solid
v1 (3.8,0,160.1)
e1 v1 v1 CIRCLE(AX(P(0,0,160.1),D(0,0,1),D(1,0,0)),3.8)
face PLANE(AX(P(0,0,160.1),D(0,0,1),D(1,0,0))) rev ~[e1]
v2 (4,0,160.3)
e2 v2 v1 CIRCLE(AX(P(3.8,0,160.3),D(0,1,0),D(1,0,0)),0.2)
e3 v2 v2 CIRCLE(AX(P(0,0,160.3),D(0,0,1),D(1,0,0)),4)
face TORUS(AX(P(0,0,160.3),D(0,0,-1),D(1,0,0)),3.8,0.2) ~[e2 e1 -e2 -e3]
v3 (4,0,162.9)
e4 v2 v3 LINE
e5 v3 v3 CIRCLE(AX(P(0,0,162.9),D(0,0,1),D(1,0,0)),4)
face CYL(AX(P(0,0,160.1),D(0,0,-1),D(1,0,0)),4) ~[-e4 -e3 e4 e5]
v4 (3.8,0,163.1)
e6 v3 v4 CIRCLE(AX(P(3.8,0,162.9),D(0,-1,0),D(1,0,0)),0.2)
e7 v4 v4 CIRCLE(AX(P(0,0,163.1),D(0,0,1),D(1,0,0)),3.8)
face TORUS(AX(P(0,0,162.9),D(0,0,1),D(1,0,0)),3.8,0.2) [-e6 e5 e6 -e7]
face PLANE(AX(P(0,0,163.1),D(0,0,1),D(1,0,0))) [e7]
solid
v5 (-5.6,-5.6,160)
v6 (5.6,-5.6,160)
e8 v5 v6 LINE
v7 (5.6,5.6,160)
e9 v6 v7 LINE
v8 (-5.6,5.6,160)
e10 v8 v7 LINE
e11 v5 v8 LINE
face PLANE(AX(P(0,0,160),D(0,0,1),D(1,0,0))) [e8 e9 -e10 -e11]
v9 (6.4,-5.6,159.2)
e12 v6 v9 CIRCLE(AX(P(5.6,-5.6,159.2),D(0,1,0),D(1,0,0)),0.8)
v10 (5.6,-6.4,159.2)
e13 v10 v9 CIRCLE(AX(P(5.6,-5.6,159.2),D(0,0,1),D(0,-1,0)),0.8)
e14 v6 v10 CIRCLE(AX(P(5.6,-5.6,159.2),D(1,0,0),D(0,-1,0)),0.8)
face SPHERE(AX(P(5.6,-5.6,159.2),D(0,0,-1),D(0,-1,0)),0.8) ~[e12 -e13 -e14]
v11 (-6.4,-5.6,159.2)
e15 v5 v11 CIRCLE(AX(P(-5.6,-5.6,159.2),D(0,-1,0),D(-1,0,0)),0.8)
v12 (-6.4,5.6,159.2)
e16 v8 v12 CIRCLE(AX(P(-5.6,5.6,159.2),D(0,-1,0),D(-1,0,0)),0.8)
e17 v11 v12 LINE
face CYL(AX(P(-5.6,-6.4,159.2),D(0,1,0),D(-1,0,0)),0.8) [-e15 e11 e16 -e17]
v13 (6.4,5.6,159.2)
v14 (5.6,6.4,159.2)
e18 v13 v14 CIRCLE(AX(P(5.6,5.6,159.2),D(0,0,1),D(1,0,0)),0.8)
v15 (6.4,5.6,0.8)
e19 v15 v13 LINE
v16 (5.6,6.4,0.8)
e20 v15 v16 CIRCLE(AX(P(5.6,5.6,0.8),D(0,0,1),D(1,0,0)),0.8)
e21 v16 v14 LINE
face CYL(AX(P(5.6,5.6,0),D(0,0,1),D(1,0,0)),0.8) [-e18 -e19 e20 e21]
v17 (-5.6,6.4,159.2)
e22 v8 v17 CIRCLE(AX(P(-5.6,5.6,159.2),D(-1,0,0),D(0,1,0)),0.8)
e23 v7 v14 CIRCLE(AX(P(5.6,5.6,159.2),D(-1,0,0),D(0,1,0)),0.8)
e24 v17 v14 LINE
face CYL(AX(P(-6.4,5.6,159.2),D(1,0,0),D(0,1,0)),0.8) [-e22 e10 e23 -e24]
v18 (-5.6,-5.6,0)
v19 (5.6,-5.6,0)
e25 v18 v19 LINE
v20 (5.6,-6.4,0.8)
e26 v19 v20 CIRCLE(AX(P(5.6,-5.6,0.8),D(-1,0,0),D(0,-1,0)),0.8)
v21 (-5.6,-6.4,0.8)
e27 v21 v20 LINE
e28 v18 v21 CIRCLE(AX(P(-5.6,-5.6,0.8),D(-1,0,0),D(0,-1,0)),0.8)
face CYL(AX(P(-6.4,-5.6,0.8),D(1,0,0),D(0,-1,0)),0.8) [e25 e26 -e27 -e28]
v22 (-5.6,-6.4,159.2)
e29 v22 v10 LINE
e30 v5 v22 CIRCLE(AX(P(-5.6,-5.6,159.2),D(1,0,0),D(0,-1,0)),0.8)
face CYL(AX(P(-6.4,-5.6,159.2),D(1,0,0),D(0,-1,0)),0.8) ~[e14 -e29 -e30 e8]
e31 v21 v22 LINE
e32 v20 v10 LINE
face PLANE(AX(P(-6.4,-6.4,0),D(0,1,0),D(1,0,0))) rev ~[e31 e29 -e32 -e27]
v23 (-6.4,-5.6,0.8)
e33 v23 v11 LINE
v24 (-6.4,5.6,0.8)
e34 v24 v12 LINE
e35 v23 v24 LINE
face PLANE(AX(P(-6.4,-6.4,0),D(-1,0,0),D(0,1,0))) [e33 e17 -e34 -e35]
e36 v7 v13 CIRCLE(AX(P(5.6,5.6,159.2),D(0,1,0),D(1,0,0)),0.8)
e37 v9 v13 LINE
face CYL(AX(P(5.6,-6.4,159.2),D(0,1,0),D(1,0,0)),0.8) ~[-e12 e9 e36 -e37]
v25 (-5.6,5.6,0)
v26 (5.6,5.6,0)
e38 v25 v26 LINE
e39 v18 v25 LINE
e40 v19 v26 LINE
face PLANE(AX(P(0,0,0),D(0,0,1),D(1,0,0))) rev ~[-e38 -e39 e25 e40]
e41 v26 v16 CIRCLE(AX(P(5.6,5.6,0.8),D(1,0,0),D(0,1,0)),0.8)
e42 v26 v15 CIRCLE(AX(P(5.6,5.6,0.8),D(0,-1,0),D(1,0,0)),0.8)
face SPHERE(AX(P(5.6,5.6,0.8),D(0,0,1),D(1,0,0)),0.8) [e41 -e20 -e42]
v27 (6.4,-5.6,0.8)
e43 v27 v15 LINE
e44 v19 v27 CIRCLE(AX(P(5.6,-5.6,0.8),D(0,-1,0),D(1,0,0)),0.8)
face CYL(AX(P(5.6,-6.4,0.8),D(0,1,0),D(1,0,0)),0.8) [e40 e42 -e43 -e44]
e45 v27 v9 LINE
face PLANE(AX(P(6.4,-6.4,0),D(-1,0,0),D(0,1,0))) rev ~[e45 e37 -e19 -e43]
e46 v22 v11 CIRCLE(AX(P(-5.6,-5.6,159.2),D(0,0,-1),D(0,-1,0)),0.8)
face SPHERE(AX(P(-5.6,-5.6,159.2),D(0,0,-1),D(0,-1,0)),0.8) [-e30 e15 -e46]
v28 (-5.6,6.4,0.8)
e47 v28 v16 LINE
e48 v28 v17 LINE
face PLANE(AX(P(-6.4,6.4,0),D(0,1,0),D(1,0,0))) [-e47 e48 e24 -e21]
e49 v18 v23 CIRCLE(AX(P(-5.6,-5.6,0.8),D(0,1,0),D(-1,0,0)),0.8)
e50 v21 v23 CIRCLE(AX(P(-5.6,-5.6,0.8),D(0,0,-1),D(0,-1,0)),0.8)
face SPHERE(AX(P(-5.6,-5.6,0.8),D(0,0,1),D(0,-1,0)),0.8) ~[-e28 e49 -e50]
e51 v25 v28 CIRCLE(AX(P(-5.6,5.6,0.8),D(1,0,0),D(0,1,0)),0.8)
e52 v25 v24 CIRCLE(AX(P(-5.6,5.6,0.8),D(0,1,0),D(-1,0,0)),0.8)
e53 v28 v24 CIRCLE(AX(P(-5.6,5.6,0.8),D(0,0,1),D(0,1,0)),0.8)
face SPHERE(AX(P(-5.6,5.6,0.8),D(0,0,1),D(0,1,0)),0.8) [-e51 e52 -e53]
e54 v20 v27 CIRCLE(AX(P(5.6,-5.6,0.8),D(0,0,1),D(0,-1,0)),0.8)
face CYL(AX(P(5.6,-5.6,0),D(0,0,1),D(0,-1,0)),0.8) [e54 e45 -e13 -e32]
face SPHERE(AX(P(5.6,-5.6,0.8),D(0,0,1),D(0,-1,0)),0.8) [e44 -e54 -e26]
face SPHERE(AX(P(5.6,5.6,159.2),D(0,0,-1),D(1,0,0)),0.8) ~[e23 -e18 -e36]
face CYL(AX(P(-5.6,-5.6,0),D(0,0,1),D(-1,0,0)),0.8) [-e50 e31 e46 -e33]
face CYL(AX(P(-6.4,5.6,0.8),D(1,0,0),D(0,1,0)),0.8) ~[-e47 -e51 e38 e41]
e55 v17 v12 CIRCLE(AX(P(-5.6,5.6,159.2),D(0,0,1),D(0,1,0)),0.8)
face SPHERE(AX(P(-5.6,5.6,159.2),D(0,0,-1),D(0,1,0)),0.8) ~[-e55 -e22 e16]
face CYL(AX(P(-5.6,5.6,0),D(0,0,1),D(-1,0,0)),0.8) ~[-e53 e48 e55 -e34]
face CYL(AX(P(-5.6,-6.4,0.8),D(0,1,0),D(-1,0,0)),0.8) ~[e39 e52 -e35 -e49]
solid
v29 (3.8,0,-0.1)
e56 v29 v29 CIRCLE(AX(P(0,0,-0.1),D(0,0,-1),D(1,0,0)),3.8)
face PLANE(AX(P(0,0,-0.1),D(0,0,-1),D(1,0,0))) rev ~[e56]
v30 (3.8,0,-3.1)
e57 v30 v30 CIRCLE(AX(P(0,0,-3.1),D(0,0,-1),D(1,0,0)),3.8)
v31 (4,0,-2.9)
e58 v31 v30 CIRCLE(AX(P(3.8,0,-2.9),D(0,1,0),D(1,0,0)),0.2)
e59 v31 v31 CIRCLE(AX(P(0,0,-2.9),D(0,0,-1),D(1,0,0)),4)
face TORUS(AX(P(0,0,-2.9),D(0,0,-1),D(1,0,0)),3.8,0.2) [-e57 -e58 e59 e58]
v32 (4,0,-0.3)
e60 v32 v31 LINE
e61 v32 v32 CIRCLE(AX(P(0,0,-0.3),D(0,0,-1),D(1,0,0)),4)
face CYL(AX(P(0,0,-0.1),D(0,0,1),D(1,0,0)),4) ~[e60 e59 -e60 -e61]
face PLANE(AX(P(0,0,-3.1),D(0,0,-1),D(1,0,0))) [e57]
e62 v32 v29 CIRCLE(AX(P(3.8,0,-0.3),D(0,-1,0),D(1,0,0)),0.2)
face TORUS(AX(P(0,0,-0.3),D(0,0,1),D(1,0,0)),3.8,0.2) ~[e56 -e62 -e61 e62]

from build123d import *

# Parameters (mm, degrees)
F0_W     = 12.8
F0_H     = 12.8
F1_DEPTH = 160
F2_R     = 0.8
F4_START = 0.1
F3_R     = 4
F4_DEPTH = 3
F5_R     = 0.2
F7_START = 0.1
F6_R     = 4
F7_DEPTH = 3
F8_R     = 0.2


with BuildPart() as f1:
    # F0 (on Top) → F1 (new body)
    with BuildSketch(Plane.XY):
        Rectangle(F0_W, F0_H)
    extrude(amount=F1_DEPTH)

    # F2
    f2_edges = [f1.edges().sort_by_distance(p)[0] for p in [
        (6.4, -6.4, 80),
        (-6.4, -6.4, 80),
        (6.4, 6.4, 80),
        (-6.4, 6.4, 80),
        (0, -6.4, 0),
        (6.4, 0, 0),
        (0, 6.4, 0),
        (-6.4, 0, 0),
        (0, -6.4, 160),
        (6.4, 0, 160),
        (0, 6.4, 160),
        (-6.4, 0, 160),
    ]]
    fillet(f2_edges, radius=F2_R)


with BuildPart() as f4:
    # F3 (on face) → F4 (new body)
    with BuildSketch(Plane(origin=(0, 0, 0), x_dir=(1, 0, 0), z_dir=(0, 0, -1)).offset(F4_START)):
        Circle(F3_R)
    extrude(amount=F4_DEPTH)

    # F5
    f5_edges = [f4.edges().sort_by_distance(p)[0] for p in [
        (-4, 0, -3.1),
        (-4, 0, -0.1),
    ]]
    fillet(f5_edges, radius=F5_R)


with BuildPart() as f7:
    # F6 (on face) → F7 (new body)
    with BuildSketch(Plane.XY.offset(160).offset(F7_START)):
        Circle(F6_R)
    extrude(amount=F7_DEPTH)

    # F8
    f8_edges = [f7.edges().sort_by_distance(p)[0] for p in [
        (-4, 0, 163.1),
        (-4, 0, 160.1),
    ]]
    fillet(f8_edges, radius=F8_R)


solid = Compound([f1.part, f4.part, f7.part])
